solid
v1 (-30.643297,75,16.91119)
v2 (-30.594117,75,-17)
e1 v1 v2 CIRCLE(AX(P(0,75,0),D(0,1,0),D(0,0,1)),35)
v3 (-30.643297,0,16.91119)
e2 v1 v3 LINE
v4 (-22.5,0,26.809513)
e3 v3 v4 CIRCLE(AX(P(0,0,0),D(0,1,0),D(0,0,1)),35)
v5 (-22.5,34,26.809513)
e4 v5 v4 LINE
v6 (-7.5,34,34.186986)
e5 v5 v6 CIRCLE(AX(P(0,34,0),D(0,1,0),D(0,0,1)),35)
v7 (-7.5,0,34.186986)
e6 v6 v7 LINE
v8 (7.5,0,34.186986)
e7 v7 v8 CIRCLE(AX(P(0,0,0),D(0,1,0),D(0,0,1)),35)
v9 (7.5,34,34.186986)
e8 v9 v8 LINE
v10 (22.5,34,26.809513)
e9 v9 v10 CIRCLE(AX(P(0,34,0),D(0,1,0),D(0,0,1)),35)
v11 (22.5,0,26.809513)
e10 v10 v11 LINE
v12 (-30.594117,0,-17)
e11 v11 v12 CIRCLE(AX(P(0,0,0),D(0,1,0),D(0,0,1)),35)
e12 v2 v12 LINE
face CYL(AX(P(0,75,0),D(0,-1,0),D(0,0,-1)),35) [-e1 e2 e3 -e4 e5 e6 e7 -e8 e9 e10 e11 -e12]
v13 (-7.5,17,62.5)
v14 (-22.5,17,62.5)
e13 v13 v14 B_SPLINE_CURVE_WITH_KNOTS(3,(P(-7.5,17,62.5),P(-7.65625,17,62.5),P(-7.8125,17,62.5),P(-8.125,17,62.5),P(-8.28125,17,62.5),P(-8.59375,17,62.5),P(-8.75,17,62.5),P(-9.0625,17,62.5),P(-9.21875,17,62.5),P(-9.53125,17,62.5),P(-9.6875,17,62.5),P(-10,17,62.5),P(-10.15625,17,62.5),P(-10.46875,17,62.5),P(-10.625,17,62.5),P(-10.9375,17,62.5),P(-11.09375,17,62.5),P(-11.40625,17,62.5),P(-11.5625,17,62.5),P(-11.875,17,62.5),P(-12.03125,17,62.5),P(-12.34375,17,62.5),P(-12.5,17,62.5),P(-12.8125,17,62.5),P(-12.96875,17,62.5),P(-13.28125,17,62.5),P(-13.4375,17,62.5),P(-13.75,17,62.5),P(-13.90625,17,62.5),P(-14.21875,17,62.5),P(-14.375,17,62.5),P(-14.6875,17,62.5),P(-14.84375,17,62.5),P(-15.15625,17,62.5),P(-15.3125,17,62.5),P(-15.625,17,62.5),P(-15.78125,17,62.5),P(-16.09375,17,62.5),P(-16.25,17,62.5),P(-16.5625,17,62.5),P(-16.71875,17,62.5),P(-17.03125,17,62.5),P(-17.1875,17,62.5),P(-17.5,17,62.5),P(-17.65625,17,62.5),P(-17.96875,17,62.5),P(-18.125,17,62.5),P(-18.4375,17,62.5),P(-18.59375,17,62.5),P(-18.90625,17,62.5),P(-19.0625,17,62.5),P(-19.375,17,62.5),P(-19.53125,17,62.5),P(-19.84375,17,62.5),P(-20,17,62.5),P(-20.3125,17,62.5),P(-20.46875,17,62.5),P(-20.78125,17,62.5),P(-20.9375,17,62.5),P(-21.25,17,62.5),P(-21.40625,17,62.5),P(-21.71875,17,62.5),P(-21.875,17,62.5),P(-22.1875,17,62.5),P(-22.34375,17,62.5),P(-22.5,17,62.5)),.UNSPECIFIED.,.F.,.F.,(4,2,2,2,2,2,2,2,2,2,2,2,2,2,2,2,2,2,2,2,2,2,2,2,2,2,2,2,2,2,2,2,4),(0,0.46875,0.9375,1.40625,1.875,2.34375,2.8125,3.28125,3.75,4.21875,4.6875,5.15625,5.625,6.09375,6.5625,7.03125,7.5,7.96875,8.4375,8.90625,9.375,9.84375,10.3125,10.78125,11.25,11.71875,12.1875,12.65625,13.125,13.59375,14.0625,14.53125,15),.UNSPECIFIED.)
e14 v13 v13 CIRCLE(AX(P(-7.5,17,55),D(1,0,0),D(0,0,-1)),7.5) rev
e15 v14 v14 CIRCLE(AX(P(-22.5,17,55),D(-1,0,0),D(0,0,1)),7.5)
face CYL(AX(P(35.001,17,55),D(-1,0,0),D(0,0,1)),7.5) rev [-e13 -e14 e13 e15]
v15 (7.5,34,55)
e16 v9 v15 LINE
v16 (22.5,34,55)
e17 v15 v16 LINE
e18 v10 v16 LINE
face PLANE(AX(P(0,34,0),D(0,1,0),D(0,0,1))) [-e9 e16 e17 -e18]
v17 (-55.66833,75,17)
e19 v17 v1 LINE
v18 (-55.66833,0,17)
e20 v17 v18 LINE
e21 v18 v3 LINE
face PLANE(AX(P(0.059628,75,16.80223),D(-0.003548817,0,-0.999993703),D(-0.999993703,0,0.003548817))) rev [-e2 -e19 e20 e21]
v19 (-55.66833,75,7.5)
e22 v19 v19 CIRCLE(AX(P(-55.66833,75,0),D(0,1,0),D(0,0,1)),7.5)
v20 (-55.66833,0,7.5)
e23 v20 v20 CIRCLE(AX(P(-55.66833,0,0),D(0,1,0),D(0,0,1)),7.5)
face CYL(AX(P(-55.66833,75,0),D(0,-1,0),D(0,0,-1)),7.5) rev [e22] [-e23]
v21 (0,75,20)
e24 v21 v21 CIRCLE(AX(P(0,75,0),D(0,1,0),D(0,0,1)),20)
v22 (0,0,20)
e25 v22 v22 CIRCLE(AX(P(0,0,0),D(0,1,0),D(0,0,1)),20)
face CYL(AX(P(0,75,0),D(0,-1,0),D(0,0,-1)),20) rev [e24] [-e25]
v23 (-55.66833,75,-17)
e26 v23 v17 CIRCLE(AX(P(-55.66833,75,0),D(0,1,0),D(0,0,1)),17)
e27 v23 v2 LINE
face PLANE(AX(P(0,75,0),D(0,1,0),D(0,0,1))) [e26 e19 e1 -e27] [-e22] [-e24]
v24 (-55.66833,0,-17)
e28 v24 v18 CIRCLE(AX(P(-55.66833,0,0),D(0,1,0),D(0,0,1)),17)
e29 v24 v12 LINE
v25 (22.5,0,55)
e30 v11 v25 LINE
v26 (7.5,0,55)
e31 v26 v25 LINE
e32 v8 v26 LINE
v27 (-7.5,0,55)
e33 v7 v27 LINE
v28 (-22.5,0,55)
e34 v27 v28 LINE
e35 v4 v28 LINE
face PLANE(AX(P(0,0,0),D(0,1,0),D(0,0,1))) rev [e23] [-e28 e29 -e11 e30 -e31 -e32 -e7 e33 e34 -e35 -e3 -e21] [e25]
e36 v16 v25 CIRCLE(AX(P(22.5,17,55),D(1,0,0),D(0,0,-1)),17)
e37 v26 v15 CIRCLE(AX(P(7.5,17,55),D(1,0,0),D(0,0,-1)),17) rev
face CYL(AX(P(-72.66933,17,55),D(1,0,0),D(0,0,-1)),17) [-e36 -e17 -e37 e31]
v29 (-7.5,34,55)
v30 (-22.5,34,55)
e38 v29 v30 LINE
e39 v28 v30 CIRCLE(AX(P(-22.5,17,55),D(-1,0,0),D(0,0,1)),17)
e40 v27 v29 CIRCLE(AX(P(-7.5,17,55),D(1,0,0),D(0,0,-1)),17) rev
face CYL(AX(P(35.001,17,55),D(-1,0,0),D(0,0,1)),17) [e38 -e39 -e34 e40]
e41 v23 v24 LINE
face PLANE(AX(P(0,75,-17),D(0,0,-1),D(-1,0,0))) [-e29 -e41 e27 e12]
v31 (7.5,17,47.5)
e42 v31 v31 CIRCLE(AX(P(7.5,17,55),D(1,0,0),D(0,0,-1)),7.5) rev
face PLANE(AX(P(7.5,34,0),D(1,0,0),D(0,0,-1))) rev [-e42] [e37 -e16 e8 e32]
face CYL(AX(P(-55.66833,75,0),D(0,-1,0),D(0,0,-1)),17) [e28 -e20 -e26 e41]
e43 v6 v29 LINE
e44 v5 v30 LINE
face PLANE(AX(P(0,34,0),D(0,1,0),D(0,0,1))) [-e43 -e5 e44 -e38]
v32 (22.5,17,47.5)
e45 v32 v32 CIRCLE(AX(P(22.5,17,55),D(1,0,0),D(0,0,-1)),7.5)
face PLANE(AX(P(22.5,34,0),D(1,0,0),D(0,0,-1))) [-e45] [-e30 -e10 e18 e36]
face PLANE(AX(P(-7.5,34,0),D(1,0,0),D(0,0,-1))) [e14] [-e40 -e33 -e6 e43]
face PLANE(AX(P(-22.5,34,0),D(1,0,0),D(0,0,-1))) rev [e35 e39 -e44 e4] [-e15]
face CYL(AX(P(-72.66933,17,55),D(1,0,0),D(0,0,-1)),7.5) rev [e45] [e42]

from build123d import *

# Parameters (mm, degrees)
SKETCH1_R           = 7.5
SKETCH1_R_2         = 20
BOSS_EXTRUDE1_DEPTH = 75
BOSS_EXTRUDE2_DEPTH = 34
CUT_EXTRUDE1_REACH  = 120.808
SKETCH2_R           = 7.5
CUT_EXTRUDE2_REACH  = 142.947
SKETCH3_R           = 7.5


with BuildPart() as part:
    # Sketch1 → Boss-Extrude1 (new body)
    with BuildSketch(Plane(origin=(0, 0, 0), x_dir=(1, 0, 0), z_dir=(0, 1, 0))):
        with BuildLine():
            Line((-30.594117082, 17), (-55.668329577, 17))
            ThreePointArc((-55.668329577, 17), (-72.668329577, 0), (-55.668329577, -17))
            Line((-55.668329577, -17), (-30.643296936, -16.911190168))
            ThreePointArc((-30.643296936, -16.911190168), (34.999963193, -0.050758852), (-30.594117082, 17))
        make_face()
        with Locations((-55.668329577, 0)):
            Circle(SKETCH1_R, mode=Mode.SUBTRACT)
        Circle(SKETCH1_R_2, mode=Mode.SUBTRACT)
    extrude(amount=BOSS_EXTRUDE1_DEPTH)

    # Sketch1<4> → Boss-Extrude2 (add)
    with BuildSketch(Plane(origin=(0, 0, 0), x_dir=(1, 0, 0), z_dir=(0, 1, 0))):
        with BuildLine():
            Line((22.5, -72), (22.5, -26.809513237))
            ThreePointArc((22.5, -26.809513237), (15.446901808, -31.406897722), (7.5, -34.186985828))
            Line((7.5, -34.186985828), (7.5, -72))
            Line((7.5, -72), (22.5, -72))
        make_face()
        with BuildLine():
            ThreePointArc((-7.5, -34.186985828), (-15.446901808, -31.406897722), (-22.5, -26.809513237))
            Line((-22.5, -26.809513237), (-22.5, -72))
            Line((-22.5, -72), (-7.5, -72))
            Line((-7.5, -72), (-7.5, -34.186985828))
        make_face()
    extrude(amount=BOSS_EXTRUDE2_DEPTH)

    # Sketch2 → Cut-Extrude1 (cut, up to next)
    with BuildSketch(Plane.ZY.offset(22.5), mode=Mode.PRIVATE) as cut_extrude1_sk1:
        with BuildLine():
            Line((72, 0), (72, 17))
            ThreePointArc((72, 17), (67.02081528, 4.97918472), (55, 0))
            Line((55, 0), (72, 0))
        make_face()
    cut_extrude1_tool1 = extrude(cut_extrude1_sk1.sketch, amount=-CUT_EXTRUDE1_REACH, mode=Mode.PRIVATE) & part.part
    # Sketch2 → Cut-Extrude1 (cut, up to next)
    with BuildSketch(Plane.ZY.offset(22.5), mode=Mode.PRIVATE) as cut_extrude1_sk2:
        with BuildLine():
            Line((72, 34), (55, 34))
            ThreePointArc((55, 34), (67.02081528, 29.02081528), (72, 17))
            Line((72, 17), (72, 34))
        make_face()
    cut_extrude1_tool2 = extrude(cut_extrude1_sk2.sketch, amount=-CUT_EXTRUDE1_REACH, mode=Mode.PRIVATE) & part.part
    # Sketch2 → Cut-Extrude1 (cut, up to next)
    with BuildSketch(Plane.ZY.offset(22.5), mode=Mode.PRIVATE) as cut_extrude1_sk3:
        with Locations((55, 17)):
            Circle(SKETCH2_R)
    cut_extrude1_tool3 = extrude(cut_extrude1_sk3.sketch, amount=-CUT_EXTRUDE1_REACH, mode=Mode.PRIVATE) & part.part
    add(cut_extrude1_tool1.solids().sort_by_distance((-22.5, 3.797255, 68.202745))[0], mode=Mode.SUBTRACT)
    add(cut_extrude1_tool2.solids().sort_by_distance((-22.5, 30.202745, 68.202745))[0], mode=Mode.SUBTRACT)
    add(cut_extrude1_tool3.solids().sort_by_distance((-22.5, 17, 55))[0], mode=Mode.SUBTRACT)

    # Sketch3 → Cut-Extrude2 (cut, up to next)
    with BuildSketch(Plane(origin=(22.5, 0, 0), x_dir=(0, 0, -1), z_dir=(1, 0, 0)), mode=Mode.PRIVATE) as cut_extrude2_sk1:
        with BuildLine():
            ThreePointArc((-72, 17), (-67.02081528, 29.02081528), (-55, 34))
            Line((-55, 34), (-72, 34))
            Line((-72, 34), (-72, 17))
        make_face()
    cut_extrude2_tool1 = extrude(cut_extrude2_sk1.sketch, amount=-CUT_EXTRUDE2_REACH, mode=Mode.PRIVATE) & part.part
    # Sketch3 → Cut-Extrude2 (cut, up to next)
    with BuildSketch(Plane(origin=(22.5, 0, 0), x_dir=(0, 0, -1), z_dir=(1, 0, 0)), mode=Mode.PRIVATE) as cut_extrude2_sk2:
        with BuildLine():
            ThreePointArc((-55, 0), (-67.02081528, 4.97918472), (-72, 17))
            Line((-72, 17), (-72, 0))
            Line((-72, 0), (-55, 0))
        make_face()
    cut_extrude2_tool2 = extrude(cut_extrude2_sk2.sketch, amount=-CUT_EXTRUDE2_REACH, mode=Mode.PRIVATE) & part.part
    # Sketch3 → Cut-Extrude2 (cut, up to next)
    with BuildSketch(Plane(origin=(22.5, 0, 0), x_dir=(0, 0, -1), z_dir=(1, 0, 0)), mode=Mode.PRIVATE) as cut_extrude2_sk3:
        with Locations((-55, 17)):
            Circle(SKETCH3_R)
    cut_extrude2_tool3 = extrude(cut_extrude2_sk3.sketch, amount=-CUT_EXTRUDE2_REACH, mode=Mode.PRIVATE) & part.part
    add(cut_extrude2_tool1.solids().sort_by_distance((22.5, 30.202745, 68.202745))[0], mode=Mode.SUBTRACT)
    add(cut_extrude2_tool2.solids().sort_by_distance((22.5, 3.797255, 68.202745))[0], mode=Mode.SUBTRACT)
    add(cut_extrude2_tool3.solids().sort_by_distance((22.5, 17, 55))[0], mode=Mode.SUBTRACT)


solid = part.part
